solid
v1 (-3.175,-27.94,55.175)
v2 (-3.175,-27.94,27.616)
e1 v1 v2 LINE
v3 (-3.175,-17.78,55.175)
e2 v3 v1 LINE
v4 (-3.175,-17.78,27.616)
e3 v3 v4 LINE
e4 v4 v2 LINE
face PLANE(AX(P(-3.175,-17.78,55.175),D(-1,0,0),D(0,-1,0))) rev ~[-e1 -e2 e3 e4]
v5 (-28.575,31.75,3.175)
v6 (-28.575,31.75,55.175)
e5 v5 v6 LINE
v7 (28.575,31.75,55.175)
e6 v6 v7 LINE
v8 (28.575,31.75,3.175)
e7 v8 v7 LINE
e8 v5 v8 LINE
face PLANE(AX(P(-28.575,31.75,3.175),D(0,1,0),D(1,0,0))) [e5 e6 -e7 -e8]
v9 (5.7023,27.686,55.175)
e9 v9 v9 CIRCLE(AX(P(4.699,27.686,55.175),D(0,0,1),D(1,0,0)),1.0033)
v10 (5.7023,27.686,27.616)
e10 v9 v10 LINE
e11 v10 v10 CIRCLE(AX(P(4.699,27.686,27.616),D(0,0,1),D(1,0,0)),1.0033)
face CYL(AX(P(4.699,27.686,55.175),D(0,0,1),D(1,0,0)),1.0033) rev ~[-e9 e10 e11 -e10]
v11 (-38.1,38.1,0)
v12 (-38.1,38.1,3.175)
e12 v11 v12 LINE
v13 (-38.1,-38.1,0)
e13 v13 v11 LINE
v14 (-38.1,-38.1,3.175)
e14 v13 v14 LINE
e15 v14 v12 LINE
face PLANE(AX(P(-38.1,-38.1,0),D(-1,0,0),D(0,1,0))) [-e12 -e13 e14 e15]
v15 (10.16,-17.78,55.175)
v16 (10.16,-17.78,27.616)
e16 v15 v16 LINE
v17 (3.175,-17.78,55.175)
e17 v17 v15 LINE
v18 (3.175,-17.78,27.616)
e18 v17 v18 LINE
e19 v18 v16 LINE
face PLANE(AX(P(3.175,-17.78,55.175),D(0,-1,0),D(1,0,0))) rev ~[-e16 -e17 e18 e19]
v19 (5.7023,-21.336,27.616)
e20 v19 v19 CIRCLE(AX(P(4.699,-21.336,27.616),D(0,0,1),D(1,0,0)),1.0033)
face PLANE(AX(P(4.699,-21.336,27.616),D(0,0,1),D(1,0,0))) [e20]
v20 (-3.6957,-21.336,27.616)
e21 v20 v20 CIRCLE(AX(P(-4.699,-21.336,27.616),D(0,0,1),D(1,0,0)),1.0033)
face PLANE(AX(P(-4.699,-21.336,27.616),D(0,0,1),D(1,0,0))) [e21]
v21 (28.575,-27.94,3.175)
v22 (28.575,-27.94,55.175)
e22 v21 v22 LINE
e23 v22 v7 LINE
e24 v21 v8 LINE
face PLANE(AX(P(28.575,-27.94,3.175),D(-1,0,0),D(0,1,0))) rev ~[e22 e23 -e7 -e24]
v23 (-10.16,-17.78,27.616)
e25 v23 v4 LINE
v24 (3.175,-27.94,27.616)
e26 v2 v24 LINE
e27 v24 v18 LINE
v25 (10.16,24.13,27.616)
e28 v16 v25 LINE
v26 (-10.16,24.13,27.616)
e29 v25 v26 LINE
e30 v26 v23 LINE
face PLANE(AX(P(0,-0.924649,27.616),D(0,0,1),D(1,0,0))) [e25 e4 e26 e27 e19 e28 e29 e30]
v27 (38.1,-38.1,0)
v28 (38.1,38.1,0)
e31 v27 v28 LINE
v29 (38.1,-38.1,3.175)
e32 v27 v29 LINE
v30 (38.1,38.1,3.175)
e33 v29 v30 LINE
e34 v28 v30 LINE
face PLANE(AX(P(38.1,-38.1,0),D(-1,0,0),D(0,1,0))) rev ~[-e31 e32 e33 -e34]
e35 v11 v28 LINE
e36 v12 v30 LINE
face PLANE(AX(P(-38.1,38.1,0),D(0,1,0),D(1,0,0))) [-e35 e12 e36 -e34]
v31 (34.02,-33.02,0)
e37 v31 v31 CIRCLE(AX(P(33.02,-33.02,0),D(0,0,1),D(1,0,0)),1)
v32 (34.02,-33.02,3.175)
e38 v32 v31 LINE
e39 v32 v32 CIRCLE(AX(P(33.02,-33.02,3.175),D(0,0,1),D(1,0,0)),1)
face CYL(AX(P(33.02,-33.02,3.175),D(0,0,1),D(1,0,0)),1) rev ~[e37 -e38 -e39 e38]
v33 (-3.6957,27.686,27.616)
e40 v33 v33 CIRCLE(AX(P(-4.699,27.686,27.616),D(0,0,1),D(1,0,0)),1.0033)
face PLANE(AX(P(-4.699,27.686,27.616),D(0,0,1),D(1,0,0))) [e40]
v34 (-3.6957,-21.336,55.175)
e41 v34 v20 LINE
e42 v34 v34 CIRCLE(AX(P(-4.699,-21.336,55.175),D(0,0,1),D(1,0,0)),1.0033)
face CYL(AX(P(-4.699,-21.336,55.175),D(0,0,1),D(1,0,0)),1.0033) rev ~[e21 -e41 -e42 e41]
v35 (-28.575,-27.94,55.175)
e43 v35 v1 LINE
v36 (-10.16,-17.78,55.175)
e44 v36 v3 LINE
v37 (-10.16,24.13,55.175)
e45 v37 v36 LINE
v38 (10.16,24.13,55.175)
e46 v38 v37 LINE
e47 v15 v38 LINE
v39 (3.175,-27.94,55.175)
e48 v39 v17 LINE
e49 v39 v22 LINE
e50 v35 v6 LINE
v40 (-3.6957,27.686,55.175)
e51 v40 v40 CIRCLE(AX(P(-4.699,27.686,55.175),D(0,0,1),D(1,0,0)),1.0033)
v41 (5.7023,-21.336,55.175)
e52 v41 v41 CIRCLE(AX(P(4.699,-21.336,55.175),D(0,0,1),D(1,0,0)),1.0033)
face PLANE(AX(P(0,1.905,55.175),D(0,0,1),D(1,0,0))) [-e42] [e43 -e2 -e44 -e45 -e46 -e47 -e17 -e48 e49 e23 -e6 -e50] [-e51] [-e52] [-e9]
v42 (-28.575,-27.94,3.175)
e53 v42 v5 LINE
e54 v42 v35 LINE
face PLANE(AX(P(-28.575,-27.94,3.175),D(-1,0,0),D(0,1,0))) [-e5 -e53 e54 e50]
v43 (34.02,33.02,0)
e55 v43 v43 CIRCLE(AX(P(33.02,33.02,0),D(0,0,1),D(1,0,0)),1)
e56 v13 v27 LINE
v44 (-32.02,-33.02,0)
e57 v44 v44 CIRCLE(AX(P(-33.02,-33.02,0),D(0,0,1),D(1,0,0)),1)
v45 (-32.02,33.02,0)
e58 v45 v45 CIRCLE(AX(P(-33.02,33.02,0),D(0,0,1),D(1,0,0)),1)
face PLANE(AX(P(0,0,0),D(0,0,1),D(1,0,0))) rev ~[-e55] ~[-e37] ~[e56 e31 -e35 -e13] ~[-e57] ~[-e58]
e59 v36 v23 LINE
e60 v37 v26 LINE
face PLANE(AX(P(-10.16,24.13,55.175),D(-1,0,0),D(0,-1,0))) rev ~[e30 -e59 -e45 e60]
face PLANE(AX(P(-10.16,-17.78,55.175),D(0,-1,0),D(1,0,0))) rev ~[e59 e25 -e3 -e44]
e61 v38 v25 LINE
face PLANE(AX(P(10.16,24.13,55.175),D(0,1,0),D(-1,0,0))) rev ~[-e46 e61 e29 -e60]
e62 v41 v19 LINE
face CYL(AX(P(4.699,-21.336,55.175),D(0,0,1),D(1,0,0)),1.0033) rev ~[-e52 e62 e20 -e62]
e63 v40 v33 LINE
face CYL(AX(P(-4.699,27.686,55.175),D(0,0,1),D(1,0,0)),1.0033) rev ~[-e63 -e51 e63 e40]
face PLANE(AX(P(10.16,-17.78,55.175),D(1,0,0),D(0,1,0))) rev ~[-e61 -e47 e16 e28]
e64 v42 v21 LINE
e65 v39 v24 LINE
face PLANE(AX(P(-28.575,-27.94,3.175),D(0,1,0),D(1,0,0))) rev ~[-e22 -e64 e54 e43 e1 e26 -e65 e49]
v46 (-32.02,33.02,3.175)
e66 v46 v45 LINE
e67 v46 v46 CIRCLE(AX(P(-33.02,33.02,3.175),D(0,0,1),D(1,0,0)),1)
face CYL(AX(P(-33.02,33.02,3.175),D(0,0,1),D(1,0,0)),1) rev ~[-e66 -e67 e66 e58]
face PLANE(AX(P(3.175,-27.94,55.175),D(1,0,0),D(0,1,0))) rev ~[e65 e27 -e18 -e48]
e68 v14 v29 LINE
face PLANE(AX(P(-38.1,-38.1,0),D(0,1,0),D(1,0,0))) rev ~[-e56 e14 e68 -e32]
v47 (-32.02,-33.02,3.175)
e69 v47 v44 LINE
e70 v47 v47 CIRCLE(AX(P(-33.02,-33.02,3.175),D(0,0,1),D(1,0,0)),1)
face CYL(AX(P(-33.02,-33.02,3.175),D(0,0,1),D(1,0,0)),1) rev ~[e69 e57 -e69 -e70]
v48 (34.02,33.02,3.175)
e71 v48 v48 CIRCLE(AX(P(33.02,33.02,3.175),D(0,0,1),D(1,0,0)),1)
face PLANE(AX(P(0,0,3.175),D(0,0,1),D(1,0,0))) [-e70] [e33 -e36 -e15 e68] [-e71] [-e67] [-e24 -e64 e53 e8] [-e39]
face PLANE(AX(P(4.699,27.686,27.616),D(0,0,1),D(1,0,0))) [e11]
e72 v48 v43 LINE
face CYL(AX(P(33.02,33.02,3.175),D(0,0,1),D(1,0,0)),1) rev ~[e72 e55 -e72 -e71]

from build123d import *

# Parameters (mm, degrees)
F0_W     = 76.2
F0_H     = 76.2
F1_DEPTH = 3.175
F2_R     = 1
F3_DEPTH = 25.4
F4_W     = 57.15
F4_H     = 59.69
F5_DEPTH = 52
F6_R     = 1.0033
F7_DEPTH = 27.559


with BuildPart() as f1:
    # F0 (on Top) → F1 (new body)
    with BuildSketch(Plane.XY):
        Rectangle(F0_W, F0_H)
    extrude(amount=F1_DEPTH)

    # F2 (on face) → F3 (cut)
    with BuildSketch(Plane.XY.offset(3.175)):
        with Locations((-33.02, 33.02)):
            Circle(F2_R)
        with Locations((-33.02, -33.02)):
            Circle(F2_R)
        with Locations((33.02, 33.02)):
            Circle(F2_R)
        with Locations((33.02, -33.02)):
            Circle(F2_R)
    extrude(amount=-F3_DEPTH, mode=Mode.SUBTRACT)

    # F4 (on face) → F5 (join)
    with BuildSketch(Plane.XY.offset(3.175)):
        with Locations((0, 1.905)):
            Rectangle(F4_W, F4_H)
    extrude(amount=F5_DEPTH)

    # F6 (on face) → F7 (cut)
    with BuildSketch(Plane.XY.offset(55.175)):
        Polygon((10.16, -17.78), (10.16, 24.13), (-10.16, 24.13), (-10.16, -17.78), (-3.175, -17.78), (-3.175, -27.94), (3.175, -27.94), (3.175, -17.78), align=None)
        with Locations((-4.699, 27.686)):
            Circle(F6_R)
        with Locations((4.699, 27.686)):
            Circle(F6_R)
        with Locations((-4.699, -21.336)):
            Circle(F6_R)
        with Locations((4.699, -21.336)):
            Circle(F6_R)
    extrude(amount=-F7_DEPTH, mode=Mode.SUBTRACT)


solid = f1.part
